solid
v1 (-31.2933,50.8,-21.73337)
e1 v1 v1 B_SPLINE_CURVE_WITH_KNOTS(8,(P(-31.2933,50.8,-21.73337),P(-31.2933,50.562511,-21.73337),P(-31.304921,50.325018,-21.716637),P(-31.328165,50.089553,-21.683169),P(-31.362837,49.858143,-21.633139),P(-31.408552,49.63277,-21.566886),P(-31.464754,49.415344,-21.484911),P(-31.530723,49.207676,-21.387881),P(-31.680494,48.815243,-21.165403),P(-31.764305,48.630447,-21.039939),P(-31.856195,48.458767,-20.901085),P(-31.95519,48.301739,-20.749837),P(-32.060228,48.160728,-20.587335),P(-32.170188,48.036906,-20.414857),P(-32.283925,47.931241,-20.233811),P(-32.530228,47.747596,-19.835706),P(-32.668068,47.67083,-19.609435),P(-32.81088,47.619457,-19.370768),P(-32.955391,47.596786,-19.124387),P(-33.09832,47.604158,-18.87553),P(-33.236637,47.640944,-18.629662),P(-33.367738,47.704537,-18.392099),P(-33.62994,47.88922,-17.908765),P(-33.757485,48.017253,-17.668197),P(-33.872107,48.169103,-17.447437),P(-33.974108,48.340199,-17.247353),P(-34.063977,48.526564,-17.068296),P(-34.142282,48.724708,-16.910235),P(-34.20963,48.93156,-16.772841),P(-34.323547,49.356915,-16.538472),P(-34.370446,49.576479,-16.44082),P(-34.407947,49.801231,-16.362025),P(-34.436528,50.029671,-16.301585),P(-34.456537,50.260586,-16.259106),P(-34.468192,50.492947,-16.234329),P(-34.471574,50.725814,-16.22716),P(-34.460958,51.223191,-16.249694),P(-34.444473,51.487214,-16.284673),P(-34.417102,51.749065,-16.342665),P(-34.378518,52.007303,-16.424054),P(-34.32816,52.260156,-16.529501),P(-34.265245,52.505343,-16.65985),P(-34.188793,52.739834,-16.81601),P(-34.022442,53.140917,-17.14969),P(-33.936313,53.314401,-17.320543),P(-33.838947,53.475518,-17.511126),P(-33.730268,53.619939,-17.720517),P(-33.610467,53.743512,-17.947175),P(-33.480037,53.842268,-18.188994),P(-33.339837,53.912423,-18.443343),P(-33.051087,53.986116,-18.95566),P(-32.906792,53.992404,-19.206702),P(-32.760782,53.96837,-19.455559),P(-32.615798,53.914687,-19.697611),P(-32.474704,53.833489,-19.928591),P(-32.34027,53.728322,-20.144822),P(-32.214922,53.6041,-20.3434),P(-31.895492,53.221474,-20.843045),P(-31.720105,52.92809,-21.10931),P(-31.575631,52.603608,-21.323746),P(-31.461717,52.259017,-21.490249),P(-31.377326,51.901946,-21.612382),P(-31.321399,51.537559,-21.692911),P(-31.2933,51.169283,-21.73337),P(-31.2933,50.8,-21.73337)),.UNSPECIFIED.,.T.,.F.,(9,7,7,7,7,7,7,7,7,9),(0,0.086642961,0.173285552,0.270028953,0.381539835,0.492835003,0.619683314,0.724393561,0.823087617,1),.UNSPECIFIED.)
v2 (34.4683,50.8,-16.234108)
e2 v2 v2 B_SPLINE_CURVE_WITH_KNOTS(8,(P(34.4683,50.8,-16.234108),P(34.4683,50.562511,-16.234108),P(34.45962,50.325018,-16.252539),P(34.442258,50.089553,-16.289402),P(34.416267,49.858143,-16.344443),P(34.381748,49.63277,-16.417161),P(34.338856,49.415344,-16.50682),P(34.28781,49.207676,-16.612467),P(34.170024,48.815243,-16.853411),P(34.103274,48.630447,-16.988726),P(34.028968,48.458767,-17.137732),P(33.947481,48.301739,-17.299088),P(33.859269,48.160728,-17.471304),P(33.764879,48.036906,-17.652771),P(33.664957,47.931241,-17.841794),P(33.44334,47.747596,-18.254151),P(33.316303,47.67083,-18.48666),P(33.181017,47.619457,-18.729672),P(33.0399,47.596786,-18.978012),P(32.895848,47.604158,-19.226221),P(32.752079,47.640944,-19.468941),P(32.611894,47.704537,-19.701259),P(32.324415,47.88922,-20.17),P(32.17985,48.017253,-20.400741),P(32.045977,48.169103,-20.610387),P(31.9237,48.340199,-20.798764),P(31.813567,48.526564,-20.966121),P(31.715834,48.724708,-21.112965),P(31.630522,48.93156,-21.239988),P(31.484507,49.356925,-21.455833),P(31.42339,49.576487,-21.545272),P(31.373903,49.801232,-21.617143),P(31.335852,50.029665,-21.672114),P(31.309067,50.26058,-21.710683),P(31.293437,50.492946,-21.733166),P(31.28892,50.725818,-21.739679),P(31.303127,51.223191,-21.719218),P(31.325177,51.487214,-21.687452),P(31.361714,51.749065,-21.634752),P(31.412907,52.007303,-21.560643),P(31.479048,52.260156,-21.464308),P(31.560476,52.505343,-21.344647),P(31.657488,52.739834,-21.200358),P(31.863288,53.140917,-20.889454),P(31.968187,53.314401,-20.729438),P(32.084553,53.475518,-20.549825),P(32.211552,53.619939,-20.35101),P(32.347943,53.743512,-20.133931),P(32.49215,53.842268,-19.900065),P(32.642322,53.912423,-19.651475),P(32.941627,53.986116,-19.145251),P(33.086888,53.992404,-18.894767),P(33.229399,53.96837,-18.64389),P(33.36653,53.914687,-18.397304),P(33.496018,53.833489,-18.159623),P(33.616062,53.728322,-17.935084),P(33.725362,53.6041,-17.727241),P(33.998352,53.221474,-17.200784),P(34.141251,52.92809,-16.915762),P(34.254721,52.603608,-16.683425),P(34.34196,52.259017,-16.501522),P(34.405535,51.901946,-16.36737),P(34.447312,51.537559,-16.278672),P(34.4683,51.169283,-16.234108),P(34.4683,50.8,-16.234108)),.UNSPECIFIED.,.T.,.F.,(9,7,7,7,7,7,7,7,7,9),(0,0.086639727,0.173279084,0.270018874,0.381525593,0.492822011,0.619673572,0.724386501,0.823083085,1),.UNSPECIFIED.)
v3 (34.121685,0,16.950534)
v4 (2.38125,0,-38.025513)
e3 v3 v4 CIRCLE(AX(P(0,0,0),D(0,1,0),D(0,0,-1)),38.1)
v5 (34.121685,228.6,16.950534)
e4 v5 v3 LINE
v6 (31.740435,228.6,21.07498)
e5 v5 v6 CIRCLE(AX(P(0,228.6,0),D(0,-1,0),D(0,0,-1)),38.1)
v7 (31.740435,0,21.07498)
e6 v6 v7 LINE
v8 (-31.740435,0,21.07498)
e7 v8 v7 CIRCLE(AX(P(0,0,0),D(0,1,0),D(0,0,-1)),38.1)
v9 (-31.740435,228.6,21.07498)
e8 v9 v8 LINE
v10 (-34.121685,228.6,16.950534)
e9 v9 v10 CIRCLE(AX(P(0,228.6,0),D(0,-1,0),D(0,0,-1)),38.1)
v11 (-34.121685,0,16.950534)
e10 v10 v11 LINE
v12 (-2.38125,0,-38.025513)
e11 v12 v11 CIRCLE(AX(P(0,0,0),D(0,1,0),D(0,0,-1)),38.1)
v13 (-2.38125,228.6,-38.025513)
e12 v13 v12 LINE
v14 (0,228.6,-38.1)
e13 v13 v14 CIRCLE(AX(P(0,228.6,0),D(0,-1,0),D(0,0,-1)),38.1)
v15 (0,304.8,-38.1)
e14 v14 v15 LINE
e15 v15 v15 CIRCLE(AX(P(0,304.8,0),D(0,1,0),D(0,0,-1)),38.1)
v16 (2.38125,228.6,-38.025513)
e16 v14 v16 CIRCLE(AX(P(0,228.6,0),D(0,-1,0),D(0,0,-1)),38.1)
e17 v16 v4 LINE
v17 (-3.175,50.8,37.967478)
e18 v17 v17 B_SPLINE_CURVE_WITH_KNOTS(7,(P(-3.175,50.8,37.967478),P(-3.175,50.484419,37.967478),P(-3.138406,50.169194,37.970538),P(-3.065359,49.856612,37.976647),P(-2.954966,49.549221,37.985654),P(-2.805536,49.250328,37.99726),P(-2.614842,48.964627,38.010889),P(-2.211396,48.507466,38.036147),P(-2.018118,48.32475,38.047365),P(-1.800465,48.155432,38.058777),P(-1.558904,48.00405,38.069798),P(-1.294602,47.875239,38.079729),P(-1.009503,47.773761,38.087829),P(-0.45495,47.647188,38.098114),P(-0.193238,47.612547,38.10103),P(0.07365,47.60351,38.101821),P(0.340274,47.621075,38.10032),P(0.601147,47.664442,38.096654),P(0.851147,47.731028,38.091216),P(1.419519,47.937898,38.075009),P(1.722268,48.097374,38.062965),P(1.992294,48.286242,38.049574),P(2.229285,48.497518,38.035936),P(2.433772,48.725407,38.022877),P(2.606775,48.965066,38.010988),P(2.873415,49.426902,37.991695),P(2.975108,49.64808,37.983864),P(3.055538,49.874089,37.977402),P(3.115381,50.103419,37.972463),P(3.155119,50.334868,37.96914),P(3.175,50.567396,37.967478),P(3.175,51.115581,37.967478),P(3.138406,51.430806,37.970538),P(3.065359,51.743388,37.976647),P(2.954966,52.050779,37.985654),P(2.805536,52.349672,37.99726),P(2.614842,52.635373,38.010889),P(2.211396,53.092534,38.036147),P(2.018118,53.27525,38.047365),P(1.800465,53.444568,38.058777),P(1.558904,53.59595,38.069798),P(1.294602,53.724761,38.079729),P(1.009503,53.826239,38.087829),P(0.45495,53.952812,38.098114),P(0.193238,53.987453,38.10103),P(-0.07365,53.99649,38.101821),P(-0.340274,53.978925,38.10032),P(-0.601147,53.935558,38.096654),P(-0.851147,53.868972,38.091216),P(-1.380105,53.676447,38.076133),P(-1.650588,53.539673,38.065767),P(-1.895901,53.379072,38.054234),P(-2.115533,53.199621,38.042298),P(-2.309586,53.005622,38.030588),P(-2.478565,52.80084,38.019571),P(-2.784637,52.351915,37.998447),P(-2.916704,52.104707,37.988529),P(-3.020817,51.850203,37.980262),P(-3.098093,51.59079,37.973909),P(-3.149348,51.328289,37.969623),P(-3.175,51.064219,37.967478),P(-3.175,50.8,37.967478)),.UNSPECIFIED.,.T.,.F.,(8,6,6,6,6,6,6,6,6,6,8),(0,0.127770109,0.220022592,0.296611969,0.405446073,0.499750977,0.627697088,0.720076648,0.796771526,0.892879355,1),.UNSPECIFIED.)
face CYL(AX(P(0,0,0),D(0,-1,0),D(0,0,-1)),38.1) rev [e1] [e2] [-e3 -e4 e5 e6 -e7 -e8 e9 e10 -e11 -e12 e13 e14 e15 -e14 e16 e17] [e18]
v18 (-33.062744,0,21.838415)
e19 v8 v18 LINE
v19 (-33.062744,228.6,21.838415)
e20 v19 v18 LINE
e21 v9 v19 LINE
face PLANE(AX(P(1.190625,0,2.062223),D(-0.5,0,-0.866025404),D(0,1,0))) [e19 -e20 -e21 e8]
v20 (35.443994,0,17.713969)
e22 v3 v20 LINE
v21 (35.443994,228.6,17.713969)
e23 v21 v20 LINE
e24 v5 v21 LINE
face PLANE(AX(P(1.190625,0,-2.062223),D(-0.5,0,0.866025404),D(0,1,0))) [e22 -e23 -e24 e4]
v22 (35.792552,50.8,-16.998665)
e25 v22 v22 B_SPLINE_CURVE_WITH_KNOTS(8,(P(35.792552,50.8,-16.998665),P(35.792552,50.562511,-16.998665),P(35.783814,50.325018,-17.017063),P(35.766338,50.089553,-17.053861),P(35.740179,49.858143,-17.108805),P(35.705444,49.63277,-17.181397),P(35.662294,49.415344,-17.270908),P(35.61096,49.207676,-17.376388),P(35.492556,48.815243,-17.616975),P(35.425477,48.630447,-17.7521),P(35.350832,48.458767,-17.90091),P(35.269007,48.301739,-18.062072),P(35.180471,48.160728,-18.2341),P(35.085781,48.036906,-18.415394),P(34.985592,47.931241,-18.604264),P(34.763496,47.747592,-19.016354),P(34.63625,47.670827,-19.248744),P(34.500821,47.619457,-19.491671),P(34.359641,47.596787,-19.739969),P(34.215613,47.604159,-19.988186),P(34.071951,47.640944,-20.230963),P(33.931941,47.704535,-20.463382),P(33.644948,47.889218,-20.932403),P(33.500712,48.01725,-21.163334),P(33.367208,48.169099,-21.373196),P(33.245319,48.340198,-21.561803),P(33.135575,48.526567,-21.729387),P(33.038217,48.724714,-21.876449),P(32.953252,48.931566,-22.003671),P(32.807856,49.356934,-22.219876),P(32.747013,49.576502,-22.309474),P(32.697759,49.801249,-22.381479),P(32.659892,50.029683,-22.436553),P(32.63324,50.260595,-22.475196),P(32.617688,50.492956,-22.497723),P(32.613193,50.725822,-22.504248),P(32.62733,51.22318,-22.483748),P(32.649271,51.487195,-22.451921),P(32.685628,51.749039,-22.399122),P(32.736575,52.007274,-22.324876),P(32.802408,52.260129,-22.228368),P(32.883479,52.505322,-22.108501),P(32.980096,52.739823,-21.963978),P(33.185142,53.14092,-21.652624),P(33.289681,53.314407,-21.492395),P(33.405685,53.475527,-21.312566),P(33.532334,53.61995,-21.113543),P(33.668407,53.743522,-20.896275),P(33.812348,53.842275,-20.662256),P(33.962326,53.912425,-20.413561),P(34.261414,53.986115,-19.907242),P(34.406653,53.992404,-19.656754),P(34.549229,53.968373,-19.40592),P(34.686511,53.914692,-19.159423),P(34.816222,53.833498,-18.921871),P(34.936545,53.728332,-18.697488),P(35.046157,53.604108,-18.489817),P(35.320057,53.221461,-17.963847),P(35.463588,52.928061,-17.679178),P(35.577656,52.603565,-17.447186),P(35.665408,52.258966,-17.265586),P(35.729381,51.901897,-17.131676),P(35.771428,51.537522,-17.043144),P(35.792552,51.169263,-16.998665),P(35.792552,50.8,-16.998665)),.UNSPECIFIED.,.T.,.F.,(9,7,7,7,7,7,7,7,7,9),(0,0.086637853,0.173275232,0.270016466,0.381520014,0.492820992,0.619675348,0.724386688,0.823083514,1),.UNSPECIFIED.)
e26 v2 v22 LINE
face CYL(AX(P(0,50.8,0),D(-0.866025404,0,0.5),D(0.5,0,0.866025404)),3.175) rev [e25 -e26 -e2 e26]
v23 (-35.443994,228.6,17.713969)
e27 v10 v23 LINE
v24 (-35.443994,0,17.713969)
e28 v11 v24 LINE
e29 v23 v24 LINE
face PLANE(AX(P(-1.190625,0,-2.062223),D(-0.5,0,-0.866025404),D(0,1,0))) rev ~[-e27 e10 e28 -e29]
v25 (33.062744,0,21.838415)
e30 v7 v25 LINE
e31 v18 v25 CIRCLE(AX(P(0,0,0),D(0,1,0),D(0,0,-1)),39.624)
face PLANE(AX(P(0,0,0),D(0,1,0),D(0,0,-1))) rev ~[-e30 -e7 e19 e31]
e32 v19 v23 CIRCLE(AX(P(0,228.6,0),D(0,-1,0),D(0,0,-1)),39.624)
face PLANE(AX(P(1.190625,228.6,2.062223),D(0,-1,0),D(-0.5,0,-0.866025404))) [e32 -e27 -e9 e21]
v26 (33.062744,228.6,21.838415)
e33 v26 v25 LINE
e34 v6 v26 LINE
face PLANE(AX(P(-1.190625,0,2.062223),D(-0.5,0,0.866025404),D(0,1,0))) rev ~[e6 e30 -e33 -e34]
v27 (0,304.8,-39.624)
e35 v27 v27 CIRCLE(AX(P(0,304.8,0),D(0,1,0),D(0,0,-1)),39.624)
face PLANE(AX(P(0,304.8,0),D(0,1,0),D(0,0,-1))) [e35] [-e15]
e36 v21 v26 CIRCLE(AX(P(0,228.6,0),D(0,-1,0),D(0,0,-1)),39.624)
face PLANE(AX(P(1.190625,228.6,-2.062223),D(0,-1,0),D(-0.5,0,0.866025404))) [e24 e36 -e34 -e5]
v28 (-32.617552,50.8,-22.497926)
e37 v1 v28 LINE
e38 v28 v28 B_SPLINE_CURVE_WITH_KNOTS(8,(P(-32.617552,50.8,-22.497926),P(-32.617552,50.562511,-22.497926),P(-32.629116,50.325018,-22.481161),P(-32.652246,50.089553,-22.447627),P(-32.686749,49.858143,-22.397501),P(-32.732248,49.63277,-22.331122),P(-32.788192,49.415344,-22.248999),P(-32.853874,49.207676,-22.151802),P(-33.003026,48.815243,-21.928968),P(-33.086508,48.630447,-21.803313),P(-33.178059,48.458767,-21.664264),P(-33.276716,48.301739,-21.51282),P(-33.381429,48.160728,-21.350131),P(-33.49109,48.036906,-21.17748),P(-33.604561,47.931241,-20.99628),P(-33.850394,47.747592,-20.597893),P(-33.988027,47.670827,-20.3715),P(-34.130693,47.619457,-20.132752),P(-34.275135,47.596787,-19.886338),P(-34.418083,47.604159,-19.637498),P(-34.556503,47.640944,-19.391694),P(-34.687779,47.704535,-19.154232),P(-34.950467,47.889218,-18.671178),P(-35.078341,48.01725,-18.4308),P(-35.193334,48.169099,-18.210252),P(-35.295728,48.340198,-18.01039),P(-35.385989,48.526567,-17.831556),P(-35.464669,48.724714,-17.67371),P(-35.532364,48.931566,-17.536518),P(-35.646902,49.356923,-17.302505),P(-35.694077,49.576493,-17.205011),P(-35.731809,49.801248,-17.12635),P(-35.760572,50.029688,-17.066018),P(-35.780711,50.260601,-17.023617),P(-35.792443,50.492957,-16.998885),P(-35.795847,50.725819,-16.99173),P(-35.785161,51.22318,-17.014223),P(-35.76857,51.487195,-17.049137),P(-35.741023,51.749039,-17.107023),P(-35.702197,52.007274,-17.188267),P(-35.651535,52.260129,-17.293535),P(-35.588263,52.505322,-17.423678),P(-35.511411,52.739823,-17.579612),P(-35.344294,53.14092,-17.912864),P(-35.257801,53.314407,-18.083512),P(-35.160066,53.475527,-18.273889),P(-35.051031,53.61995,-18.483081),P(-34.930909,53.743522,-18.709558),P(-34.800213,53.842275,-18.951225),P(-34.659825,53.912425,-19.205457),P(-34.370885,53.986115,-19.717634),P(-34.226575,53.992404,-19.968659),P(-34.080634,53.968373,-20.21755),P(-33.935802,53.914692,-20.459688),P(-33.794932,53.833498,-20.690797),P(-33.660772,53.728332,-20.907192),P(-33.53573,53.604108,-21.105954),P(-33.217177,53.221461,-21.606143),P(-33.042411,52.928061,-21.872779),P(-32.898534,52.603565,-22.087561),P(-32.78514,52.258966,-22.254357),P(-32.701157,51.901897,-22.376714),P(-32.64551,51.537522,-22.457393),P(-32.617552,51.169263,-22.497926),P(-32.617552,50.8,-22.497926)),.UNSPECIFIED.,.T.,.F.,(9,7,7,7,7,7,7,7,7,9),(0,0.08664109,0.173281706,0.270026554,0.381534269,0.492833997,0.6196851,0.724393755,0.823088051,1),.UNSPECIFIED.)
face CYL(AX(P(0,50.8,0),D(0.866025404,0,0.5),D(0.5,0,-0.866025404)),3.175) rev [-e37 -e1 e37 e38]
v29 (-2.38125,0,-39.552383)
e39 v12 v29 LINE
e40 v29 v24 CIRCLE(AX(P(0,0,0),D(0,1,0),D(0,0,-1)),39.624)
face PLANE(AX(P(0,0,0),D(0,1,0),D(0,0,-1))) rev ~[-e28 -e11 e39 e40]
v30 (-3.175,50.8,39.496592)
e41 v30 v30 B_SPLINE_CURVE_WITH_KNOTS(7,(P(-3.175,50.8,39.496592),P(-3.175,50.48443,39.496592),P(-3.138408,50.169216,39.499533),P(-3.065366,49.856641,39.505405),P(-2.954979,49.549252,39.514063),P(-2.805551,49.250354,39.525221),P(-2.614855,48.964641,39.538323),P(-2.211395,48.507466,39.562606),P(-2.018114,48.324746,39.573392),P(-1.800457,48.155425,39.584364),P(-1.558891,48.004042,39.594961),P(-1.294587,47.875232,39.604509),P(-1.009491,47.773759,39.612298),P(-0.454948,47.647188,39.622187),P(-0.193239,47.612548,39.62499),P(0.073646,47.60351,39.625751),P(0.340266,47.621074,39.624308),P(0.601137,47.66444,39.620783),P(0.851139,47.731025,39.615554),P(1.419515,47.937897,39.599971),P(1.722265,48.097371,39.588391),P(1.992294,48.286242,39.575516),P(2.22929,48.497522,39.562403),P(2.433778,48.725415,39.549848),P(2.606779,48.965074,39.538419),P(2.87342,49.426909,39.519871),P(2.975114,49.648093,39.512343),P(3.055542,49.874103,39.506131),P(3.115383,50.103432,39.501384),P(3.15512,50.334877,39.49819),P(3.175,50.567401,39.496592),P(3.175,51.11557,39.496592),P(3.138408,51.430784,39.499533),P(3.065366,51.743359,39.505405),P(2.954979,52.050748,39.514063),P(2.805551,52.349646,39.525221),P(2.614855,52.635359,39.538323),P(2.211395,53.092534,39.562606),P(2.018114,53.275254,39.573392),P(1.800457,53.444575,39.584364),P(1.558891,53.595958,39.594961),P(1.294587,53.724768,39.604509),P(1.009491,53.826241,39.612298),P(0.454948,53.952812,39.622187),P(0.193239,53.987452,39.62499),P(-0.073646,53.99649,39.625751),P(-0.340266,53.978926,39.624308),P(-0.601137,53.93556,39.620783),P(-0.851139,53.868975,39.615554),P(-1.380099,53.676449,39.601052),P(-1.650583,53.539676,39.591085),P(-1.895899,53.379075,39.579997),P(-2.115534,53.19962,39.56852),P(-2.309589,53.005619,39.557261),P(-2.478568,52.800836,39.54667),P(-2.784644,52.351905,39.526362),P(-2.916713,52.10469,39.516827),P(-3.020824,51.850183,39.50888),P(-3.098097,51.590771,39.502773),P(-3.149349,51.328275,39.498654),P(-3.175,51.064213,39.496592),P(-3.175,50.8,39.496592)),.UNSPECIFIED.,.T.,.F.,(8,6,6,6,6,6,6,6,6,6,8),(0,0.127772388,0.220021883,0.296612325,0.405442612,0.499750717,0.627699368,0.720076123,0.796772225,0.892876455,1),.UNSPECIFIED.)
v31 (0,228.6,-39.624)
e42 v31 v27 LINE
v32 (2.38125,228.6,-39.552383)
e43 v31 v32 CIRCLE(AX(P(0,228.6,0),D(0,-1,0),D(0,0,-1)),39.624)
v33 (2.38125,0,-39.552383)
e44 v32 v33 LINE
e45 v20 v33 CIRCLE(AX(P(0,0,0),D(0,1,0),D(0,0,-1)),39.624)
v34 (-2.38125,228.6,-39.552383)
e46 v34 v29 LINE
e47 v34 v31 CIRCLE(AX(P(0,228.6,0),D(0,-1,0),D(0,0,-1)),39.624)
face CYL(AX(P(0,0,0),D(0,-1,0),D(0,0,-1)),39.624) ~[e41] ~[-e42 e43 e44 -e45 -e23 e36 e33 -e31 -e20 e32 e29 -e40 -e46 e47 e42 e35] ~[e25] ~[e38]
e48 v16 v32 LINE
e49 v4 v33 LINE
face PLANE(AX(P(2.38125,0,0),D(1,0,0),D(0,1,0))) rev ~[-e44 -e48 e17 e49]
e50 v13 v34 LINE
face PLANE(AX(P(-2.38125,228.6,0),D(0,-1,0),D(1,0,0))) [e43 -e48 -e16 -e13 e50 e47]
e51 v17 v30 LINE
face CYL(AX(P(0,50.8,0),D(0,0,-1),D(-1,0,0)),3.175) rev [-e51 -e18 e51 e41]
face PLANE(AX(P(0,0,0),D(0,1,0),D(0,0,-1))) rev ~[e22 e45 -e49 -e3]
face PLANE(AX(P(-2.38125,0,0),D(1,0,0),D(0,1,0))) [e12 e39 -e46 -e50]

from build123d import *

# Parameters (mm, degrees)
SKETCH2_R           = 39.624
SKETCH2_R_2         = 38.1
BOSS_EXTRUDE1_DEPTH = 304.8
SKETCH3_W           = 4.7625
SKETCH3_H           = 228.6
CUT_EXTRUDE1_DEPTH  = 310.908313461
CIRPATTERN1_COUNT   = 3
SKETCH4_R           = 3.175
CUT_EXTRUDE3_DEPTH  = 310.908313461
CIRPATTERN2_COUNT   = 3


with BuildPart() as part:
    # Sketch2 → Boss-Extrude1 (new body)
    with BuildSketch(Plane(origin=(0, 0, 0), x_dir=(1, 0, 0), z_dir=(0, 1, 0))):
        with Locations(Location((0, 0, 0), (0, 0, 90))):
            Circle(SKETCH2_R)
        with Locations(Location((0, 0, 0), (0, 0, 90))):
            Circle(SKETCH2_R_2, mode=Mode.SUBTRACT)
    extrude(amount=BOSS_EXTRUDE1_DEPTH)

    # Sketch3 → Cut-Extrude1 (cut, through all)
    with BuildSketch(Plane.XY):
        with Locations((0, 114.3)):
            Rectangle(SKETCH3_W, SKETCH3_H)
    cut_extrude1 = extrude(amount=-CUT_EXTRUDE1_DEPTH, mode=Mode.SUBTRACT)

    # CirPattern1: Cut-Extrude1 ×3 about axis
    cirpattern1_axis = Axis((0, 0, 0), (0, 1, 0))
    for i in range(1, CIRPATTERN1_COUNT):
        add(cut_extrude1.rotate(cirpattern1_axis, i * 360 / CIRPATTERN1_COUNT), mode=Mode.SUBTRACT)

    # Sketch4 → Cut-Extrude3 (cut, through all)
    with BuildSketch(Plane.XY):
        with Locations(Location((0, 50.8, 0), (0, 0, 180))):
            Circle(SKETCH4_R)
    cut_extrude3 = extrude(amount=CUT_EXTRUDE3_DEPTH, mode=Mode.SUBTRACT)

    # CirPattern2: Cut-Extrude3 ×3 about axis
    cirpattern2_axis = Axis((0, 304.8, 0), (0, -1, 0))
    for i in range(1, CIRPATTERN2_COUNT):
        add(cut_extrude3.rotate(cirpattern2_axis, i * 360 / CIRPATTERN2_COUNT), mode=Mode.SUBTRACT)


solid = part.part
